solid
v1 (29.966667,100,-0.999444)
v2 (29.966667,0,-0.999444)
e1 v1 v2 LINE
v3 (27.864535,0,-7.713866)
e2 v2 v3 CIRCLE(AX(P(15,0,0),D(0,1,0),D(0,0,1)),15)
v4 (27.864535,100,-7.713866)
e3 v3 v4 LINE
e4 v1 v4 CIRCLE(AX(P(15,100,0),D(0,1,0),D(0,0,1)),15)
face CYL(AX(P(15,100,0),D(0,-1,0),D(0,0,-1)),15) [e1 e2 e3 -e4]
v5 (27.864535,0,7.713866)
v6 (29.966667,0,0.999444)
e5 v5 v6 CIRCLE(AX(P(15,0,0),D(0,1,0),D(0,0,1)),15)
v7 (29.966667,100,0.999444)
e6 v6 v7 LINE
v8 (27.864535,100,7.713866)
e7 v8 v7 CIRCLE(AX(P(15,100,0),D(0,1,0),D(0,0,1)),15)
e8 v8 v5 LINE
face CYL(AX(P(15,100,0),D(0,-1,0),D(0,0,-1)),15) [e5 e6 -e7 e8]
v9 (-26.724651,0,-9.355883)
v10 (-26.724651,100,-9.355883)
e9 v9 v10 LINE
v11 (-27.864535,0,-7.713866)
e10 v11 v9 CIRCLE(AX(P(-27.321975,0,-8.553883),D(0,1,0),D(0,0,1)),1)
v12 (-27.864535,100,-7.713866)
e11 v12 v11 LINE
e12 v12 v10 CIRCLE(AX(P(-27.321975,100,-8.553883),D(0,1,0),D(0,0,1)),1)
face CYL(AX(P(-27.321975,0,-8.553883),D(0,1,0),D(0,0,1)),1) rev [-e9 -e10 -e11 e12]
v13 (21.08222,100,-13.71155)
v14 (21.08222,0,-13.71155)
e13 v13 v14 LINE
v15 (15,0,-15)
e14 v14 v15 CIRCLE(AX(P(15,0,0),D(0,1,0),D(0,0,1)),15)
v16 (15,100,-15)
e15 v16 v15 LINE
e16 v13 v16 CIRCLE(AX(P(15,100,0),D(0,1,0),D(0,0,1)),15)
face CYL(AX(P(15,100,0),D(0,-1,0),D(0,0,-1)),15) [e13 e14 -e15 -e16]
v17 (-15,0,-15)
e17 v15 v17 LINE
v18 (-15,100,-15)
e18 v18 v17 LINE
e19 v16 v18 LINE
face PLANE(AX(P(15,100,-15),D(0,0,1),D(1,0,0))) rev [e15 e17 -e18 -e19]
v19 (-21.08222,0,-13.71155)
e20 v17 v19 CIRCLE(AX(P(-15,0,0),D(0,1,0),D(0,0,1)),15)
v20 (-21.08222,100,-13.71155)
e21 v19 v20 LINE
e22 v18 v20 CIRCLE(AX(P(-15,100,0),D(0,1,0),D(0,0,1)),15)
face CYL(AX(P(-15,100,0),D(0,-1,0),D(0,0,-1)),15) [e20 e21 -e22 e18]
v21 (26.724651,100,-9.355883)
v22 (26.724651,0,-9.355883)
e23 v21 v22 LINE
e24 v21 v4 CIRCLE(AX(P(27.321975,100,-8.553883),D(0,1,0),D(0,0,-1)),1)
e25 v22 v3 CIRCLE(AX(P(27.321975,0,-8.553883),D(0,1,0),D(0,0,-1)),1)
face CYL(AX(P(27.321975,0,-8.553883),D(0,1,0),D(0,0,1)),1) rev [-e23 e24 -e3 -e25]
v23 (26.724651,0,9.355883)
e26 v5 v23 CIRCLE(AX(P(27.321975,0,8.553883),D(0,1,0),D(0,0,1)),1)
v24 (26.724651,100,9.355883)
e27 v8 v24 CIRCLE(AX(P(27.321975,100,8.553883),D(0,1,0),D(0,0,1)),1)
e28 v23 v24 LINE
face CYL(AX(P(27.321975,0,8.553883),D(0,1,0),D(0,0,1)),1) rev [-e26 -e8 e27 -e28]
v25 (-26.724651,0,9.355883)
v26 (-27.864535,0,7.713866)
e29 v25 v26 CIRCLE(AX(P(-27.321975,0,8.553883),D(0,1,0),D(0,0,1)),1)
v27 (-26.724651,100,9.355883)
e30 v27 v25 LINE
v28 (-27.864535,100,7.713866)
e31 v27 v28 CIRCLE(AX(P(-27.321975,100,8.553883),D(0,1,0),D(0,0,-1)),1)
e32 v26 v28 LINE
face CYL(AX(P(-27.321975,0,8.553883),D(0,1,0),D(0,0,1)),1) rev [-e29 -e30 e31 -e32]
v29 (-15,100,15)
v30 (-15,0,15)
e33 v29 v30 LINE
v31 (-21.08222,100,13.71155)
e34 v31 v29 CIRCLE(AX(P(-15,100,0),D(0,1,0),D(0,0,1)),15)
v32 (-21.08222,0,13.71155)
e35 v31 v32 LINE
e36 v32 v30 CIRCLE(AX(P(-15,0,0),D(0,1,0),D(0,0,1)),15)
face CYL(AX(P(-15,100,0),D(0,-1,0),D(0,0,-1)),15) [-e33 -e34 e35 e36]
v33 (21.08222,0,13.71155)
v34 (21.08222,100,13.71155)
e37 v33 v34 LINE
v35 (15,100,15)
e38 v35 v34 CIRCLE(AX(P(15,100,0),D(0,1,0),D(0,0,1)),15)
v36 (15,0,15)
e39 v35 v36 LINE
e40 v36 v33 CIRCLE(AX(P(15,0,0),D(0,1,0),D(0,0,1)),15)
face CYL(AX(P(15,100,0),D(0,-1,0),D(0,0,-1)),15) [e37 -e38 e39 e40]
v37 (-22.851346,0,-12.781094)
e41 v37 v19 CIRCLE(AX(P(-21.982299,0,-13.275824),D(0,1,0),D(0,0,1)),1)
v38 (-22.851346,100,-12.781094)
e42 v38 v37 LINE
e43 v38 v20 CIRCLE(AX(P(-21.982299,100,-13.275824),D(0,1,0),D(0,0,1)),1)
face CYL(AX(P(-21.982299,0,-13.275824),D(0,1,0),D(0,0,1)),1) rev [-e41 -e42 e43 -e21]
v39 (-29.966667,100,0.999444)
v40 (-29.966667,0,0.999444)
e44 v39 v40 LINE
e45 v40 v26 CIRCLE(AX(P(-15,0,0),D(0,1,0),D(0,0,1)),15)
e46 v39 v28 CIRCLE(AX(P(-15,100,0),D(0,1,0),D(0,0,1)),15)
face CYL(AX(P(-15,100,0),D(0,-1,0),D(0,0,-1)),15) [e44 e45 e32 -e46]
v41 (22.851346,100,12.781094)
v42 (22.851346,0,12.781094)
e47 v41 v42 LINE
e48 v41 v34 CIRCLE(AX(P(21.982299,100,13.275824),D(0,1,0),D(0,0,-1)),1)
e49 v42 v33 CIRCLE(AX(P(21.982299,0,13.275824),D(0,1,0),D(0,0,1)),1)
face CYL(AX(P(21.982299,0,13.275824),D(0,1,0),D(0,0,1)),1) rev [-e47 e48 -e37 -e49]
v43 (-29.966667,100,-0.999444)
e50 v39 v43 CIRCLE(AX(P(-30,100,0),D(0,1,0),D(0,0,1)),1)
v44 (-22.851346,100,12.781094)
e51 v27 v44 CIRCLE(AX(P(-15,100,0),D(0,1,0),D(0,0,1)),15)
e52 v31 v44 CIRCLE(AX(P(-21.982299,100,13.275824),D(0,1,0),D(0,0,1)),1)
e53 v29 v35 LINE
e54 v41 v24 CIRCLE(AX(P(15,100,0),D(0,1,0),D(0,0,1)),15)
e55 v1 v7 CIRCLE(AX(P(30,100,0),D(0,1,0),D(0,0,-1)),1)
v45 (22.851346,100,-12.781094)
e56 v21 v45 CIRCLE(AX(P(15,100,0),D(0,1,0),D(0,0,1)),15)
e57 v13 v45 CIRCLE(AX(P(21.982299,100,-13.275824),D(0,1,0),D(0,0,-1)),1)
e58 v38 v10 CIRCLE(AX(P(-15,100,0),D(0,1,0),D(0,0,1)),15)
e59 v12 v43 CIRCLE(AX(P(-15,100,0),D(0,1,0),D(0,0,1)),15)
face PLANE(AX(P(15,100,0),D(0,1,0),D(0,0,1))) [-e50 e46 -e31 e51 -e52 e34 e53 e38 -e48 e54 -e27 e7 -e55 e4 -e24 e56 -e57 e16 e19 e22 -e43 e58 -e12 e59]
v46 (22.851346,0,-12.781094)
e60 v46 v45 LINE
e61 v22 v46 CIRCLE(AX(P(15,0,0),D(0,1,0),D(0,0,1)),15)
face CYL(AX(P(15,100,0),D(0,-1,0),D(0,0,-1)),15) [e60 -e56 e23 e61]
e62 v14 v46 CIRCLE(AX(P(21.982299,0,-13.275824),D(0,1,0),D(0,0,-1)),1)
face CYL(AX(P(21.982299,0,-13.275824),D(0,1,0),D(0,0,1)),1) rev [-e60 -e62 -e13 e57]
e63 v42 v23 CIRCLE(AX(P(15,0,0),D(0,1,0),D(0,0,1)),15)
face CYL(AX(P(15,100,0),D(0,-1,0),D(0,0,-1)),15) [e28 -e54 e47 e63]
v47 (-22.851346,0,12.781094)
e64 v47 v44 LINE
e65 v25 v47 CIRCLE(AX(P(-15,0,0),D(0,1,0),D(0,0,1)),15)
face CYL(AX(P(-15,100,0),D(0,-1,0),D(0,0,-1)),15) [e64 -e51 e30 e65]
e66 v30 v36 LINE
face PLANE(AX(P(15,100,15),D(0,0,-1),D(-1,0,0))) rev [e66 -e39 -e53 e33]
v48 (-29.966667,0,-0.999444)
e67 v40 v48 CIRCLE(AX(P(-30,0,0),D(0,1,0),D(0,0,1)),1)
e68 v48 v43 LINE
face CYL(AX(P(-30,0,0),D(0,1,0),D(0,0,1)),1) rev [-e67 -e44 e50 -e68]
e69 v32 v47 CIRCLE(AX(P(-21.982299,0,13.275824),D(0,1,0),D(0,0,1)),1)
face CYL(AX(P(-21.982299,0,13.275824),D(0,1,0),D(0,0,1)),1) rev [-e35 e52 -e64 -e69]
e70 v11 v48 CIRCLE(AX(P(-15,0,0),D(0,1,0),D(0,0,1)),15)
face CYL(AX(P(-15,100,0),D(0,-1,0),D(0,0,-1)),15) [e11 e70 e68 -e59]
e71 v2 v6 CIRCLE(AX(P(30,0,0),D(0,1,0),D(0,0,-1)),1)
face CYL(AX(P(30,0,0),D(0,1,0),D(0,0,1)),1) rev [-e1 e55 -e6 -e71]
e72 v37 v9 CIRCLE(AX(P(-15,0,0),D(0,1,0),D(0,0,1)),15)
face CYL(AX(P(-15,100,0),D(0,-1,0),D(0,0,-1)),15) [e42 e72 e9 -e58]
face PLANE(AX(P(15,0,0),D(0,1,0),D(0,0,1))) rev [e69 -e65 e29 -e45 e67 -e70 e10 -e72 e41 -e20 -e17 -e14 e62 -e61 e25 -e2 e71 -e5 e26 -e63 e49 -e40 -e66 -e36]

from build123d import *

# Parameters (mm, degrees)
BOSS_EXTRUDE1_DEPTH = 100
SKETCH2_R           = 1
CUT_EXTRUDE1_DEPTH  = 106.475115549


with BuildPart() as part:
    # Sketch1 → Boss-Extrude1 (new body)
    with BuildSketch(Plane(origin=(0, 0, 0), x_dir=(1, 0, 0), z_dir=(0, 1, 0))):
        with BuildLine():
            Line((15, -15), (-15, -15))
            ThreePointArc((-15, -15), (-30, 0), (-15, 15))
            Line((-15, 15), (15, 15))
            ThreePointArc((15, 15), (30, 0), (15, -15))
        make_face()
    extrude(amount=BOSS_EXTRUDE1_DEPTH)

    # Sketch2 → Cut-Extrude1 (cut, through all)
    with BuildSketch(Plane(origin=(0, 100, 0), x_dir=(1, 0, 0), z_dir=(0, 1, 0))):
        with Locations((-21.982299004, 13.275823915)):
            Circle(SKETCH2_R)
        with Locations((-30, 0)):
            Circle(SKETCH2_R)
        with Locations((-21.982299004, -13.275823915)):
            Circle(SKETCH2_R)
        with Locations((-27.321975393, 8.55388347)):
            Circle(SKETCH2_R)
        with Locations((-27.321975393, -8.55388347)):
            Circle(SKETCH2_R)
        with Locations((21.982299004, -13.275823915)):
            Circle(SKETCH2_R)
        with Locations((27.321975393, -8.55388347)):
            Circle(SKETCH2_R)
        with Locations((30, 0)):
            Circle(SKETCH2_R)
        with Locations((27.321975393, 8.55388347)):
            Circle(SKETCH2_R)
        with Locations((21.982299004, 13.275823915)):
            Circle(SKETCH2_R)
    extrude(amount=-CUT_EXTRUDE1_DEPTH, mode=Mode.SUBTRACT)


solid = part.part
